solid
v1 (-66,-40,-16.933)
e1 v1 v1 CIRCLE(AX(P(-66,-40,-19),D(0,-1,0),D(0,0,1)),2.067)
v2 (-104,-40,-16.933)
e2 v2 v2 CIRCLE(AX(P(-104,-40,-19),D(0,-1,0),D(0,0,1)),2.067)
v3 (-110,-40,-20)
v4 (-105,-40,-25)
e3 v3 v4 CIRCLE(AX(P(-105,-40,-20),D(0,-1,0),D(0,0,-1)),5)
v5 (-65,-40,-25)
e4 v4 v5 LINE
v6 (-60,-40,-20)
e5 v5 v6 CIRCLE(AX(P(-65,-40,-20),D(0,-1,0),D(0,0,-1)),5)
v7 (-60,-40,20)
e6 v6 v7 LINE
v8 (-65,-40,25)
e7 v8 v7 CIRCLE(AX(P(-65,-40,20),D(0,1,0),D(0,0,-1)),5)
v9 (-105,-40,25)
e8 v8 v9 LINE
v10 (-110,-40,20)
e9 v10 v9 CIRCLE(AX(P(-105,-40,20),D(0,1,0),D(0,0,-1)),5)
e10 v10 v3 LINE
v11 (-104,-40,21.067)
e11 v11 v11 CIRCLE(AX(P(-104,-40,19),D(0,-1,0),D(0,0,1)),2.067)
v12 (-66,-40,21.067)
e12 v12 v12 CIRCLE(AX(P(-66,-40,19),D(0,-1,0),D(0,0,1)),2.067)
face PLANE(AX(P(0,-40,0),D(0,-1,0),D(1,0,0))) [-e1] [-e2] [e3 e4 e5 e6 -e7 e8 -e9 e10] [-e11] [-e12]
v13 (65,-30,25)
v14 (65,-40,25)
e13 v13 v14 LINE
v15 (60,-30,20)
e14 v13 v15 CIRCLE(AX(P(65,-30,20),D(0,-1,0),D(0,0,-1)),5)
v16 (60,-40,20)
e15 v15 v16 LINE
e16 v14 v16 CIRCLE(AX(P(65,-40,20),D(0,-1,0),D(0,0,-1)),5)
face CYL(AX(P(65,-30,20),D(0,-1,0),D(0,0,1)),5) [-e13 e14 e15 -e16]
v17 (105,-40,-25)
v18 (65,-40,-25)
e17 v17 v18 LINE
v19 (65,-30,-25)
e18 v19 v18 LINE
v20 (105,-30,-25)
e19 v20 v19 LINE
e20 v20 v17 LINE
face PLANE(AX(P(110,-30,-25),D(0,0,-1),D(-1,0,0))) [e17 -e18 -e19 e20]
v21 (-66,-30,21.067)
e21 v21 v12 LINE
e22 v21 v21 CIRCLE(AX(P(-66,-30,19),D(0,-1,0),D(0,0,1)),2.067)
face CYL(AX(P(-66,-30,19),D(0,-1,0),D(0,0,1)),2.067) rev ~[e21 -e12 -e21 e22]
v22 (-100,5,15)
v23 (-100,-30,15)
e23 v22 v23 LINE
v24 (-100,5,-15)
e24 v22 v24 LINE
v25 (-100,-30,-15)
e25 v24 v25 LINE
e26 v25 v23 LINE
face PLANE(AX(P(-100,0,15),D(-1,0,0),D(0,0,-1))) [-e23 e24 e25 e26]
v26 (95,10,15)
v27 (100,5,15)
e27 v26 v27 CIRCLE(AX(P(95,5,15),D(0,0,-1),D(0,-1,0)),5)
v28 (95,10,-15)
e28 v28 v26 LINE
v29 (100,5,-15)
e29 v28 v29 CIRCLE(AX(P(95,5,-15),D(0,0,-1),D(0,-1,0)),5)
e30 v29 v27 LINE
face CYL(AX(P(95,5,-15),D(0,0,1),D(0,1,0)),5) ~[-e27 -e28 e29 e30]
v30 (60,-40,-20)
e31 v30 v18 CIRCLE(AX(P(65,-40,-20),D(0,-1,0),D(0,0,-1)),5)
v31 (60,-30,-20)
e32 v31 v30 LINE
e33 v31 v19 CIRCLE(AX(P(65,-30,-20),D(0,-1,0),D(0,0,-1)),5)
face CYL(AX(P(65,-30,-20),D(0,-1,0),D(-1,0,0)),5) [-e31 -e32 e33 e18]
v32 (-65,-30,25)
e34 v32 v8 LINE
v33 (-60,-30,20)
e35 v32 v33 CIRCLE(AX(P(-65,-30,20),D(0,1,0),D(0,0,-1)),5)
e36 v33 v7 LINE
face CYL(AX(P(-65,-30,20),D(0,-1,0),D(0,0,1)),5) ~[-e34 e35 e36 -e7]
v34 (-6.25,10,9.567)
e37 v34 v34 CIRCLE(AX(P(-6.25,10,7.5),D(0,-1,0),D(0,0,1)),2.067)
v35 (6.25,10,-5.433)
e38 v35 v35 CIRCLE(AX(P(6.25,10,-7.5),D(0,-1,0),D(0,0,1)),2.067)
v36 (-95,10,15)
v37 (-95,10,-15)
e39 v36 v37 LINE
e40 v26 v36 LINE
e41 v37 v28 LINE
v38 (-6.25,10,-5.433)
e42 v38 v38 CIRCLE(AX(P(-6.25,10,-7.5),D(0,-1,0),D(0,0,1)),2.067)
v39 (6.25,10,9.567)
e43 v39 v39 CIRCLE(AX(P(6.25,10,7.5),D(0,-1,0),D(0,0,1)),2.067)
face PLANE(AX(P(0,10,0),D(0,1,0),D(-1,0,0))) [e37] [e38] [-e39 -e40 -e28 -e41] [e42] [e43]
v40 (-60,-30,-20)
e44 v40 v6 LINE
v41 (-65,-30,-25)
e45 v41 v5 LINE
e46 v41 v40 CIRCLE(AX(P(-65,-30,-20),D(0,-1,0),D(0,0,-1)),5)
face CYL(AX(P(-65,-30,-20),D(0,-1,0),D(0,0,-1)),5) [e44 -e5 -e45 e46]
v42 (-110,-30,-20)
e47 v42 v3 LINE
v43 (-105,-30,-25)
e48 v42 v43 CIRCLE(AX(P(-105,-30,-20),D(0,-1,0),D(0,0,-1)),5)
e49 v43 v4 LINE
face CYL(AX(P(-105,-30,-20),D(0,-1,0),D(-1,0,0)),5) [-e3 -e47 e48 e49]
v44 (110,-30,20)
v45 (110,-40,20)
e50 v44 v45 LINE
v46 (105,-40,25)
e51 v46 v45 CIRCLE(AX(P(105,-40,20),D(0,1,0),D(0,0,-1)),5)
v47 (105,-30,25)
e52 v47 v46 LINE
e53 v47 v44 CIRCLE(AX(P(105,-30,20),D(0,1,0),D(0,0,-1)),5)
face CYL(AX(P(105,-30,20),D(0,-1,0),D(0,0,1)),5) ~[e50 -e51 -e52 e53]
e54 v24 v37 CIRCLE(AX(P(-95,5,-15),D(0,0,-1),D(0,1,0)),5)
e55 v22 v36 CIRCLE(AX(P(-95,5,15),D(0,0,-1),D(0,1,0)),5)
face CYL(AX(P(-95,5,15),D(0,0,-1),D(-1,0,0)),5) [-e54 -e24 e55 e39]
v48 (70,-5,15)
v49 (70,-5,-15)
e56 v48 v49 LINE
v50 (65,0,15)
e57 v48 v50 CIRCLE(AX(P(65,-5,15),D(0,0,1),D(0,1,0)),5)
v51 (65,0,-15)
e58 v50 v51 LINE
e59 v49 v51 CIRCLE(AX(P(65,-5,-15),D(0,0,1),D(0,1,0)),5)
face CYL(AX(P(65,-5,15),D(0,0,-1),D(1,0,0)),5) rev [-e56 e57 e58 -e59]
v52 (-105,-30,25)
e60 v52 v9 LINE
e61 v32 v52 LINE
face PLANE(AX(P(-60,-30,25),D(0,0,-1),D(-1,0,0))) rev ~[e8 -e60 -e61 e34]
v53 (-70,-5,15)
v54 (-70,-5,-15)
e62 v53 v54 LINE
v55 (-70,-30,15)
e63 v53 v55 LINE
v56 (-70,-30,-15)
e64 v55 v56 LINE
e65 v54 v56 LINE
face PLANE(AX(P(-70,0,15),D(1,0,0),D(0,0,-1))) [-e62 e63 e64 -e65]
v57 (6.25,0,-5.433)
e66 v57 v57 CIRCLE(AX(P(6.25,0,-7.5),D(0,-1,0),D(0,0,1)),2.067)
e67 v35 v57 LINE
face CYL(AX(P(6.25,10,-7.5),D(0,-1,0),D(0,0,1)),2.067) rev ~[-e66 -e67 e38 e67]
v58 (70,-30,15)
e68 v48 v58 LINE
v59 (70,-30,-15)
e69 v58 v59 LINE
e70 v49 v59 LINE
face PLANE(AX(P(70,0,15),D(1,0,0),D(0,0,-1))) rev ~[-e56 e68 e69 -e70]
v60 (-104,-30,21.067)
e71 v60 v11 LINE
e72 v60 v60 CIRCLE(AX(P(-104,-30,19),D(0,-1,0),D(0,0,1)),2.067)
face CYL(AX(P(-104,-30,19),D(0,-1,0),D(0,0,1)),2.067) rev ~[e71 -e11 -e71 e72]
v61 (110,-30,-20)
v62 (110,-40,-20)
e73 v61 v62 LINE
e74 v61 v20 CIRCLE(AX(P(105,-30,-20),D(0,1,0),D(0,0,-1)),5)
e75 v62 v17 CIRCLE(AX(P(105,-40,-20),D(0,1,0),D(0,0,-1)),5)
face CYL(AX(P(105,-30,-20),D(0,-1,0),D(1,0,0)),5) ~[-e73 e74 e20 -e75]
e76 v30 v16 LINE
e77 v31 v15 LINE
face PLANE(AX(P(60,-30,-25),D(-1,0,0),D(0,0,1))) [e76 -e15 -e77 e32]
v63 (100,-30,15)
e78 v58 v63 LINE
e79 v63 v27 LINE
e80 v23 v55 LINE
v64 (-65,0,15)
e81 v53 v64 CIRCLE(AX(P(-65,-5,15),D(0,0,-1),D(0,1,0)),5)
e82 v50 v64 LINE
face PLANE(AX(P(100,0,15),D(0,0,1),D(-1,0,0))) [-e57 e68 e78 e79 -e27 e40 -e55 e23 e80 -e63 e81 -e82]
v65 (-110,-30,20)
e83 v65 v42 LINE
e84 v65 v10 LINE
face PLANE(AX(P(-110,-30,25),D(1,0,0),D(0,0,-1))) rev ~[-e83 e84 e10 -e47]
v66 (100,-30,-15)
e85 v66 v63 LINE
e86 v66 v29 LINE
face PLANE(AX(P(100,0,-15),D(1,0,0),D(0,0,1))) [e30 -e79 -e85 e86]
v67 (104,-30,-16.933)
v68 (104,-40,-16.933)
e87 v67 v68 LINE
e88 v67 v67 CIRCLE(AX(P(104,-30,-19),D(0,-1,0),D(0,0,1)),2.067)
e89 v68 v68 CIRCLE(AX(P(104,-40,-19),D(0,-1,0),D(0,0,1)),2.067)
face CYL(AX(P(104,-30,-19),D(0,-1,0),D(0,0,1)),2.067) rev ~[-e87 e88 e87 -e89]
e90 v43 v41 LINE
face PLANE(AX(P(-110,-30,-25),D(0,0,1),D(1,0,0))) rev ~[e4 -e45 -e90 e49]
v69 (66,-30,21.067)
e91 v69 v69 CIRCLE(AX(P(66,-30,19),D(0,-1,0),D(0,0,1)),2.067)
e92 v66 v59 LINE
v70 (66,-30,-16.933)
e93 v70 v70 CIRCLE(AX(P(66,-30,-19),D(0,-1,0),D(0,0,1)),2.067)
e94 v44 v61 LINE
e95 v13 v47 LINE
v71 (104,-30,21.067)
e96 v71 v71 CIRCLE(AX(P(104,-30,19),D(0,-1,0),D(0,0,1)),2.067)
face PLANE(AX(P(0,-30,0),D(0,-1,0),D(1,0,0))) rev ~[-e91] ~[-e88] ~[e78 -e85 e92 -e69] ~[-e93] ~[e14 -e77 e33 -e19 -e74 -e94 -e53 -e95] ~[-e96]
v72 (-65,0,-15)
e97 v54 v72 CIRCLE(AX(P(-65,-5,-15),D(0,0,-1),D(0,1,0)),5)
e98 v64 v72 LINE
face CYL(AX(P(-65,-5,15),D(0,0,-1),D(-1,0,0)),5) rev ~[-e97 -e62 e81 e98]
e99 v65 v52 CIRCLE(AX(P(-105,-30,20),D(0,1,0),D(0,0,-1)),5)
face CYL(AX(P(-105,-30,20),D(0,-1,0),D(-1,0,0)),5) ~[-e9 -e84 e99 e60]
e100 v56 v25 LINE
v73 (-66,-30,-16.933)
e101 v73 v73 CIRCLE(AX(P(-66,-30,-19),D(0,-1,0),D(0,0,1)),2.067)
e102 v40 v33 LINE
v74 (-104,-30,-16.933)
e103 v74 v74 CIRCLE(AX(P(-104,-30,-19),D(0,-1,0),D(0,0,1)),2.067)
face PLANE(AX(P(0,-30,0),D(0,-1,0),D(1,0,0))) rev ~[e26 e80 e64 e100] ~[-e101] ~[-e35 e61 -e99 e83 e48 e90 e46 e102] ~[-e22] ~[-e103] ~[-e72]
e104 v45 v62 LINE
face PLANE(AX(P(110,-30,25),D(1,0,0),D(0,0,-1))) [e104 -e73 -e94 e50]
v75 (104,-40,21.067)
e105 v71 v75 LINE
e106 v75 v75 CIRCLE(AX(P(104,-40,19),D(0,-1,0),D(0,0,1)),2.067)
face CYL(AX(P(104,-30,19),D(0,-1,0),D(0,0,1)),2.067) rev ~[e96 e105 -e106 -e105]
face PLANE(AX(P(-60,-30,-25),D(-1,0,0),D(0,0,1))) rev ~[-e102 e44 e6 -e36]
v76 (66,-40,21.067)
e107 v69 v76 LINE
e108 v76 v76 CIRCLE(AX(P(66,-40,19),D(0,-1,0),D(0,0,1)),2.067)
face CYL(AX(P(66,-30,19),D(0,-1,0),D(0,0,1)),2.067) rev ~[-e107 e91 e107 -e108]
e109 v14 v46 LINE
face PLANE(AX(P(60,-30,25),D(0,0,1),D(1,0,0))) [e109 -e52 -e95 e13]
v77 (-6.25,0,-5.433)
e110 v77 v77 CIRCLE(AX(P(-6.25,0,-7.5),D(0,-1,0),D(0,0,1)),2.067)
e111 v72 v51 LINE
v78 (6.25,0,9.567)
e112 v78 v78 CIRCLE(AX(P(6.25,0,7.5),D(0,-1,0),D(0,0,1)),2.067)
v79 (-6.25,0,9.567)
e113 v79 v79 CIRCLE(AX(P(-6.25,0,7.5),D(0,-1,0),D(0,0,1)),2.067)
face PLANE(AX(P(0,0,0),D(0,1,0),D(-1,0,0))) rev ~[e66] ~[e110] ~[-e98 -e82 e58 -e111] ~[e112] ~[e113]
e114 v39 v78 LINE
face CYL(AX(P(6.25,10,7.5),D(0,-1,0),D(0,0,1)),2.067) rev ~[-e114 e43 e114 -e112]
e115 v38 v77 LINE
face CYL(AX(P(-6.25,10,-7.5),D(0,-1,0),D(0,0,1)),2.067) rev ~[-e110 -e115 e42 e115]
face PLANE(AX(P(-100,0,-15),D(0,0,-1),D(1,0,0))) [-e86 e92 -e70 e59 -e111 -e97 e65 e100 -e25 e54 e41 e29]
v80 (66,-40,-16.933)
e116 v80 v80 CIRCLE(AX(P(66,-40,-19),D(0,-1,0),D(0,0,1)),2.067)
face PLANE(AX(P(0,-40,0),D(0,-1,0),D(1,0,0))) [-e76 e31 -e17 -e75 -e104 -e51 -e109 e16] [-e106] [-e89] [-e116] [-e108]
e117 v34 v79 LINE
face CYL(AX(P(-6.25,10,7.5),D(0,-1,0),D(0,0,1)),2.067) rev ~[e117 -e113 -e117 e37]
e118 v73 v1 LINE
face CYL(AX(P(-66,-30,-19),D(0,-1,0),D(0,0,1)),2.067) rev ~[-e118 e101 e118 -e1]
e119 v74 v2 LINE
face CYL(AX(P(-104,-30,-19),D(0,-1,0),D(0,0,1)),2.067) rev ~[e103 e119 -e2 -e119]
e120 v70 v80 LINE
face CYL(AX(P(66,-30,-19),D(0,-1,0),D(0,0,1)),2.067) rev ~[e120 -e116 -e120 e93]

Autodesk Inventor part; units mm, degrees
ref_plane "YZ Plane" through (0, 0, 0) normal (1, 0, 0) x (0, 1, 0)
ref_plane "XZ Plane" through (0, 0, 0) normal (0, 1, 0) x (-1, 0, 0)
ref_plane "XY Plane" through (0, 0, 0) normal (0, 0, 1) x (1, 0, 0)
sketch "Skizze1" plane through (0, 0, 0) normal (0, 1, 0) x (-1, 0, 0)
  line L0 (-100, 15) -> (100, 15)
  line L1 (100, 15) -> (100, -15)
  line L2 (100, -15) -> (-100, -15)
  line L3 (-100, -15) -> (-100, 15)
  line L4 (-100, 15) -> (100, -15) construction
  line L5 (100, 15) -> (-100, -15) construction
  point P0 (0, 0)
  dimension "d0" = 30
  dimension "d1" = 200
extrude "Extrusion1" add sketch "Skizze1" along normal blind 10
sketch "Skizze4" plane through (0, 10, 0) normal (0, 1, 0) x (1, 0, 0)
  line L0 (100, 15) -> (-100, 15) projected
  line L1 (100, -15) -> (100, 15) projected
  line L2 (-100, -15) -> (100, -15) projected
  line L3 (-100, 15) -> (-100, -15) projected
  line L4 (0, 21) -> (0, -21) projected
  point P0 (0, 0)
  point P1 (6.25, 7.5)
  point P2 (6.25, -7.5)
  point P3 (-6.25, -7.5)
  point P4 (-6.25, 7.5)
  dimension "d37" = 7.5
  dimension "d40" = 7.5
  dimension "d41" = 7.5
  dimension "d44" = 7.5
  dimension "d52" = 6.25
  dimension "d53" = 6.25
  dimension "d54" = 6.25
  dimension "d55" = 6.25
hole "Bohrung3" at (6.25, 10, -7.5) at (6.25, 10, 7.5) at (-6.25, 10, 7.5) at (-6.25, 10, -7.5) direction (0, -1, 0) diameter 4.134 depth 14.2 thread size "M5x0.8" class "6H" standard "ANSI Metric M Profile"
sketch "Skizze5" plane through (0, 0, 0) normal (0, -1, 0) x (1, 0, 0)
  line L0 (-100, 15) -> (100, 15) projected
  line L1 (-70, -15) -> (-100, -15)
  line L2 (-100, -15) -> (-100, 15)
  line L3 (-100, 15) -> (-70, 15)
  line L4 (-70, 15) -> (-70, -15)
  line L5 (-70, -15) -> (-100, 15) construction
  line L6 (-100, -15) -> (-70, 15) construction
  line L7 (-100, -15) -> (-100, 15) projected
  line L8 (100, -15) -> (-100, -15) projected
  line L9 (70, -15) -> (100, -15)
  line L10 (100, -15) -> (100, 15)
  line L11 (100, 15) -> (70, 15)
  line L12 (70, 15) -> (70, -15)
  line L13 (70, -15) -> (100, 15) construction
  line L14 (100, -15) -> (70, 15) construction
  line L15 (100, 15) -> (100, -15) projected
  point P0 (0, 0)
  point P1 (-12.5, 15)
  point P2 (-85, 0)
  point P3 (-12.5, -15)
  point P4 (85, 0)
  dimension "d56" = 0
  dimension "d57" = 0
  dimension "d58" = 30
  dimension "d59" = 30
  dimension "d60" = 30
  dimension "d61" = 0
extrude "Extrusion3" add sketch "Skizze5" along normal blind 30 contours L0 L4 L1 L2 | L0 L10 L8 L12
sketch "Skizze6" plane through (0, -30, 0) normal (0, -1, 0) x (1, 0, 0)
  line L0 (-110, -25) -> (-60, -25)
  line L1 (-60, -25) -> (-60, 25)
  line L2 (-60, 25) -> (-110, 25)
  line L3 (-110, 25) -> (-110, -25)
  line L4 (-110, -25) -> (-60, 25) construction
  line L5 (-60, -25) -> (-110, 25) construction
  line L6 (-70, -15) -> (-70, 15) projected
  line L7 (60, 25) -> (110, 25)
  line L8 (110, 25) -> (110, -25)
  line L9 (110, -25) -> (60, -25)
  line L10 (60, -25) -> (60, 25)
  line L11 (60, 25) -> (110, -25) construction
  line L12 (110, 25) -> (60, -25) construction
  line L13 (100, -15) -> (100, 15) projected
  point P0 (0, 0)
  point P1 (-85, 0)
  point P2 (85, 0)
  dimension "d64" = 15
  dimension "d65" = 50
  dimension "d66" = 50
  dimension "d67" = 15
  dimension "d86" = 50
  dimension "d87" = 50
extrude "Extrusion4" add sketch "Skizze6" along normal blind 10
fillet "Rundung1" radius 5 8 edges at (-110, -35, 25) (-60, -35, 25) (-110, -35, -25) (-60, -35, -25) (60, -35, -25) (110, -35, -25) (110, -35, 25) (60, -35, 25)
sketch "Skizze7" plane through (0, -30, 0) normal (0, 1, 0) x (1, 0, 0)
  line L0 (110, 20) -> (110, -20) projected
  line L1 (105, -25) -> (65, -25) projected
  line L2 (60, -20) -> (60, 20) projected
  line L3 (65, 25) -> (105, 25) projected
  line L4 (-60, 20) -> (-60, -20) projected
  line L5 (-65, -25) -> (-105, -25) projected
  line L6 (-110, -20) -> (-110, 20) projected
  line L7 (-105, 25) -> (-65, 25) projected
  point P0 (0, 0)
  point P1 (104, -19)
  point P2 (66, -19)
  point P3 (66, 19)
  point P4 (104, 19)
  point P5 (-66, -19)
  point P6 (-104, -19)
  point P7 (-104, 19)
  point P8 (-66, 19)
  dimension "d71" = 6
  dimension "d72" = 6
  dimension "d73" = 6
  dimension "d74" = 6
  dimension "d75" = 6
  dimension "d76" = 6
  dimension "d77" = 6
  dimension "d78" = 6
  dimension "d79" = 6
  dimension "d80" = 6
  dimension "d81" = 6
  dimension "d82" = 6
  dimension "d83" = 6
  dimension "d84" = 6
  dimension "d85" = 6
  dimension "d95" = 6
hole "Bohrung4" at (-66, -30, 19) at (104, -30, 19) at (104, -30, -19) at (66, -30, -19) at (66, -30, 19) at (-104, -30, 19) at (-66, -30, -19) at (-104, -30, -19) direction (0, -1, 0) diameter 4.134 depth 14.2 thread size "M5x0.8" class "6H" standard "ANSI Metric M Profile"
fillet "Rundung2" radius 5 4 edges at (100, 10, 0) (-100, 10, 0) (70, 0, 0) (-70, 0, 0)
equation "\"d46\" = d42"
equation "\"d89\" = d83"
equation "\"d42\" = 6.5"
properties part number "Platte für Gehäuse" material "Stahl"
